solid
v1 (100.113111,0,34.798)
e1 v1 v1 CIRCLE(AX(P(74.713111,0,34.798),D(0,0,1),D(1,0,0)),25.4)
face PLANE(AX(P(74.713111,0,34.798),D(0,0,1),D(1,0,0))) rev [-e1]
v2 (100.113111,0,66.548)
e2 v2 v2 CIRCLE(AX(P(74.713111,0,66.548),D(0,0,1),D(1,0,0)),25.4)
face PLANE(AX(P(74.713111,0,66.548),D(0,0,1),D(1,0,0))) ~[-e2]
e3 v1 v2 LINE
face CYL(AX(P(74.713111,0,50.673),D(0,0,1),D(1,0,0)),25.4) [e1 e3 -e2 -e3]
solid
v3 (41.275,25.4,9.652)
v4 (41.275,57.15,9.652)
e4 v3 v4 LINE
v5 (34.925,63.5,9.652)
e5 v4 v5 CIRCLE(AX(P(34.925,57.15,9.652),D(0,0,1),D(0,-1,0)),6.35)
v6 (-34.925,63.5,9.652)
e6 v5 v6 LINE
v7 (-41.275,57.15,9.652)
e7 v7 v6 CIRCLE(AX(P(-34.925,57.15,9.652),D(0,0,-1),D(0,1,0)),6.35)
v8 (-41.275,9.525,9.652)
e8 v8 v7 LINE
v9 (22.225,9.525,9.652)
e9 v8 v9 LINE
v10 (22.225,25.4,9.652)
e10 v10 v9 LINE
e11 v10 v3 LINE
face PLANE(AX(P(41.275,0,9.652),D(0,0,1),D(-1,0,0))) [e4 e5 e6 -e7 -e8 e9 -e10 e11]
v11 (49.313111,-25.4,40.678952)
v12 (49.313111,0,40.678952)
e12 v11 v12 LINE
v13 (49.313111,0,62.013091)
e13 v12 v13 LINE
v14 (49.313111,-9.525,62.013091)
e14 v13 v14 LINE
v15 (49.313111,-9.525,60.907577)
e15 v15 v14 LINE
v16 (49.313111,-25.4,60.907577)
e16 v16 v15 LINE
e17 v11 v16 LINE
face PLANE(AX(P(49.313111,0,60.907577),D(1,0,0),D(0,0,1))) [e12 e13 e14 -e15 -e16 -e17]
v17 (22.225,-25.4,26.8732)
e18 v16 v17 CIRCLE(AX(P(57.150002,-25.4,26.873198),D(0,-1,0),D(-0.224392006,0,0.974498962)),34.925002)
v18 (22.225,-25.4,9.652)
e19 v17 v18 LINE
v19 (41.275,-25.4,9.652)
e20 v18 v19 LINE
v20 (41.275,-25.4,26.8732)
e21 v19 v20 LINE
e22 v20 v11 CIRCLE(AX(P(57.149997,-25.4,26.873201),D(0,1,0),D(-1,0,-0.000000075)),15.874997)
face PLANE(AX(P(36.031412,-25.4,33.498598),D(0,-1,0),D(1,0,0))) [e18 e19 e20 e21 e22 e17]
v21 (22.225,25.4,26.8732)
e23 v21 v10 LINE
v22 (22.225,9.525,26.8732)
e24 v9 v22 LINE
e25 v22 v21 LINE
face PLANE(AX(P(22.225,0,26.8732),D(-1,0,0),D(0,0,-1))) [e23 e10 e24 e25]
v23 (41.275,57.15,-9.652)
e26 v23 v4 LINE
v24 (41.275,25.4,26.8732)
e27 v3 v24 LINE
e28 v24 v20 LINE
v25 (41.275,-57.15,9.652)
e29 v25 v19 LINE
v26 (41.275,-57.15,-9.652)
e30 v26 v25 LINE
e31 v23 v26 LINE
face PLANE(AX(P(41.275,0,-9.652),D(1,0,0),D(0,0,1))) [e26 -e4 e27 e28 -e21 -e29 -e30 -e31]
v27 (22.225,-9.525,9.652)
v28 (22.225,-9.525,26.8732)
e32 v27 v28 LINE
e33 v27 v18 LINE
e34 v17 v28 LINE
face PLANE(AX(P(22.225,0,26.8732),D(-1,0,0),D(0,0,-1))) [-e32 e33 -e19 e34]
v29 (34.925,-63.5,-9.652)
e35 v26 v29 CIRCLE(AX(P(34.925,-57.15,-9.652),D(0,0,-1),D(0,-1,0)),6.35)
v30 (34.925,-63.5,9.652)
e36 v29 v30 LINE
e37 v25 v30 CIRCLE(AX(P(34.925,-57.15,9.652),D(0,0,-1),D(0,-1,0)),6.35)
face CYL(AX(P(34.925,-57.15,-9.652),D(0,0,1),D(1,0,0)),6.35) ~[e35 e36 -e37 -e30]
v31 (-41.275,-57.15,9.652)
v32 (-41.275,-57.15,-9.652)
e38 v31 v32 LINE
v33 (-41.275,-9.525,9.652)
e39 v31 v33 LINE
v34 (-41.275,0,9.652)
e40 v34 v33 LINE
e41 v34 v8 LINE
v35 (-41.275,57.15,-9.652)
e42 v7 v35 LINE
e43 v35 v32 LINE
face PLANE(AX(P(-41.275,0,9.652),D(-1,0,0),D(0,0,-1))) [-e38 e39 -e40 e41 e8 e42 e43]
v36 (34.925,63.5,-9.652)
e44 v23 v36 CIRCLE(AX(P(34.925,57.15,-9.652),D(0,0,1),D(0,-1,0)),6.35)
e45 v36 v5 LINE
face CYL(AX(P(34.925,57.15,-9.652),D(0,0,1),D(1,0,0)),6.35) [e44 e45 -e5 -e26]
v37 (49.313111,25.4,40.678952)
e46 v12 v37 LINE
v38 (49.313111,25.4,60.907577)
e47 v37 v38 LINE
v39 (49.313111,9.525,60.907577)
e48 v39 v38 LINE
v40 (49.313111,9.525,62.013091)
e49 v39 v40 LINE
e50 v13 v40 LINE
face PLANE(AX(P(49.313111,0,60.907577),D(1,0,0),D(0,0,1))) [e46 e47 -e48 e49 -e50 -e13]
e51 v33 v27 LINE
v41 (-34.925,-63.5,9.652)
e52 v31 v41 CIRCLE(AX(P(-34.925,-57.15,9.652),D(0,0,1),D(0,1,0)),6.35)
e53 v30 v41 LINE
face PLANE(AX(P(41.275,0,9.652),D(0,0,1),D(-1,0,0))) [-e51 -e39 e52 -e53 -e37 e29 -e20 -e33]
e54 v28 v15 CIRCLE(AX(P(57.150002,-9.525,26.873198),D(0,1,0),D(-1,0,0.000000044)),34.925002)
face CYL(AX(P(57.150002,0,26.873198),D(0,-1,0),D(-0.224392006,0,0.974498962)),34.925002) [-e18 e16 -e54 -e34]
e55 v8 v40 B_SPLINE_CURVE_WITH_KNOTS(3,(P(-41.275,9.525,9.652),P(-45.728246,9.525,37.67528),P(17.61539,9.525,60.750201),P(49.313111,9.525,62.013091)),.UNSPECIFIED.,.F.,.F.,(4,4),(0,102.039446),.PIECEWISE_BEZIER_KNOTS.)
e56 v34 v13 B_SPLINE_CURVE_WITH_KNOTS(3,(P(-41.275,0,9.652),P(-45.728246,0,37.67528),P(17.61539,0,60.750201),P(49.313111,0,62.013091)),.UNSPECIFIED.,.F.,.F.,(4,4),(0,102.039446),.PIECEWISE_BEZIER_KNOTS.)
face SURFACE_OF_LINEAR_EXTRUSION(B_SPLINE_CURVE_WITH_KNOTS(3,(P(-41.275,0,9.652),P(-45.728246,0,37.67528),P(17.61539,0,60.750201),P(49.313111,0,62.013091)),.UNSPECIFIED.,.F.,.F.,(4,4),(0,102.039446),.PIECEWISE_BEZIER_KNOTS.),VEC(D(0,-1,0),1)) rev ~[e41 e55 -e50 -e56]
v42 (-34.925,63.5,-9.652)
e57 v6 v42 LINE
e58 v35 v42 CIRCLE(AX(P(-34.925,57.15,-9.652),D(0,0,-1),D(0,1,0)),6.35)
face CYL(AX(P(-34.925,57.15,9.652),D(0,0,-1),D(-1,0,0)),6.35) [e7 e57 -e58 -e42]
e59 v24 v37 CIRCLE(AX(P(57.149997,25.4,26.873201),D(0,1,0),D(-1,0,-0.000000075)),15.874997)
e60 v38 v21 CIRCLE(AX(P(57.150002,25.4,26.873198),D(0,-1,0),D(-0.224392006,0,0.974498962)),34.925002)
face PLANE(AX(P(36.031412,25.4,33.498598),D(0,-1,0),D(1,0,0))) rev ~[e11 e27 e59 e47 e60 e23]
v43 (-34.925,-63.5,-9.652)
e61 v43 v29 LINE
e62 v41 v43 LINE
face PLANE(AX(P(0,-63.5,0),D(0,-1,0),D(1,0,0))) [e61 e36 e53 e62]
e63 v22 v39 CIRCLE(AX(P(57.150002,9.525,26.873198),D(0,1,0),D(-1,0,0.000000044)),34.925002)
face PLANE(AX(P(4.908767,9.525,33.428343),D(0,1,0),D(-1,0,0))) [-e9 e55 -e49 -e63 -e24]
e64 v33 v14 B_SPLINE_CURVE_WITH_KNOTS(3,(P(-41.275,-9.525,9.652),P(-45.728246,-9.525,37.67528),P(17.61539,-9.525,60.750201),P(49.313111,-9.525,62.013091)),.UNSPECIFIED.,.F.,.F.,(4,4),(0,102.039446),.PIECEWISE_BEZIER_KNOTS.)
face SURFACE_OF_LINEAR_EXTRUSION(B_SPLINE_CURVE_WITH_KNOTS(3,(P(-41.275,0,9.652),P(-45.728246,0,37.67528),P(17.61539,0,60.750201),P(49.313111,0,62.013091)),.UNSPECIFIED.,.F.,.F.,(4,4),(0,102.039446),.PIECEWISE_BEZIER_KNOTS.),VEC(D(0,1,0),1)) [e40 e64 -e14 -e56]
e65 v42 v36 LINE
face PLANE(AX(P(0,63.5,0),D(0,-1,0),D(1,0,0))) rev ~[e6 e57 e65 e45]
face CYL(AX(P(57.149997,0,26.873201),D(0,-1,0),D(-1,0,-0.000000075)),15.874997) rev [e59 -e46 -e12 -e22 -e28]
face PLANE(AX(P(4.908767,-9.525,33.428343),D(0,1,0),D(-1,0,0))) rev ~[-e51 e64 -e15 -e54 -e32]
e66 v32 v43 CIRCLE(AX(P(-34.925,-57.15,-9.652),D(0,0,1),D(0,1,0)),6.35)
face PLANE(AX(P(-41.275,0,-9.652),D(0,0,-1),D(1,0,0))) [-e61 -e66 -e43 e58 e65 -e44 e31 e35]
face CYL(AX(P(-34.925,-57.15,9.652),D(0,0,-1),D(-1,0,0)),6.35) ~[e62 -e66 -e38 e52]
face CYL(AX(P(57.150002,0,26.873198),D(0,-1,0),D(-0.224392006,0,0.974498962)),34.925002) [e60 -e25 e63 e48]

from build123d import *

# Parameters (mm, degrees)
F1_DEPTH = 63.5
F2_DEPTH = 25.4
F3_DEPTH = 9.525
F0_W     = 25.4
F0_H     = 31.75
F5_R     = 6.35


with BuildPart() as f1:
    # F0 (on Front) → F1 (new body, symmetric)
    with BuildSketch(Plane.XZ):
        Polygon((22.225, 9.652), (-41.275, 9.652), (-41.275, -9.652), (41.275, -9.652), (41.275, 9.652), align=None)
    extrude(amount=F1_DEPTH, both=True)

    # F0 (on Front) → F2 (join, symmetric)
    with BuildSketch(Plane.XZ):
        with BuildLine():
            Line((22.225, 26.8732), (22.225, 9.652))
            Line((22.225, 9.652), (41.275, 9.652))
            Line((41.275, 9.652), (41.275, 26.8732))
            ThreePointArc((41.275, 26.8732), (43.430921, 34.860847), (49.313111, 40.678952))
            Line((49.313111, 40.678952), (49.313111, 60.907577))
            ThreePointArc((49.313111, 60.907577), (29.823649, 48.622364), (22.225, 26.8732))
        make_face()
    extrude(amount=F2_DEPTH, both=True)

    # F0 (on Front) → F3 (join, symmetric)
    with BuildSketch(Plane.XZ):
        with BuildLine():
            add(Edge.make_bspline(
                [(-41.275, 9.652), (-45.728246, 37.67528), (17.61539, 60.750201), (49.313111, 62.013091)],
                knots=[0, 0, 0, 0, 102.039446, 102.039446, 102.039446, 102.039446], degree=3))
            Line((-41.275, 9.652), (22.225, 9.652))
            Line((22.225, 9.652), (22.225, 26.8732))
            ThreePointArc((22.225, 26.8732), (29.823649, 48.622364), (49.313111, 60.907577))
            Line((49.313111, 60.907577), (49.313111, 62.013091))
        make_face()
    extrude(amount=F3_DEPTH, both=True)

    # F0 (on Front) → F4 (revolve)
    with BuildSketch(Plane.XZ):
        with Locations((87.413111, 50.673)):
            Rectangle(F0_W, F0_H)
    revolve(axis=Axis((74.713111, 0, 50.673), (0, 0, 1)))

    # F5
    f5_edges = [f1.edges().sort_by_distance(p)[0] for p in [
        (41.275, -63.5, 0),
        (-41.275, -63.5, 0),
        (-41.275, 63.5, 0),
        (41.275, 63.5, 0),
    ]]
    fillet(f5_edges, radius=F5_R)


solid = f1.part
